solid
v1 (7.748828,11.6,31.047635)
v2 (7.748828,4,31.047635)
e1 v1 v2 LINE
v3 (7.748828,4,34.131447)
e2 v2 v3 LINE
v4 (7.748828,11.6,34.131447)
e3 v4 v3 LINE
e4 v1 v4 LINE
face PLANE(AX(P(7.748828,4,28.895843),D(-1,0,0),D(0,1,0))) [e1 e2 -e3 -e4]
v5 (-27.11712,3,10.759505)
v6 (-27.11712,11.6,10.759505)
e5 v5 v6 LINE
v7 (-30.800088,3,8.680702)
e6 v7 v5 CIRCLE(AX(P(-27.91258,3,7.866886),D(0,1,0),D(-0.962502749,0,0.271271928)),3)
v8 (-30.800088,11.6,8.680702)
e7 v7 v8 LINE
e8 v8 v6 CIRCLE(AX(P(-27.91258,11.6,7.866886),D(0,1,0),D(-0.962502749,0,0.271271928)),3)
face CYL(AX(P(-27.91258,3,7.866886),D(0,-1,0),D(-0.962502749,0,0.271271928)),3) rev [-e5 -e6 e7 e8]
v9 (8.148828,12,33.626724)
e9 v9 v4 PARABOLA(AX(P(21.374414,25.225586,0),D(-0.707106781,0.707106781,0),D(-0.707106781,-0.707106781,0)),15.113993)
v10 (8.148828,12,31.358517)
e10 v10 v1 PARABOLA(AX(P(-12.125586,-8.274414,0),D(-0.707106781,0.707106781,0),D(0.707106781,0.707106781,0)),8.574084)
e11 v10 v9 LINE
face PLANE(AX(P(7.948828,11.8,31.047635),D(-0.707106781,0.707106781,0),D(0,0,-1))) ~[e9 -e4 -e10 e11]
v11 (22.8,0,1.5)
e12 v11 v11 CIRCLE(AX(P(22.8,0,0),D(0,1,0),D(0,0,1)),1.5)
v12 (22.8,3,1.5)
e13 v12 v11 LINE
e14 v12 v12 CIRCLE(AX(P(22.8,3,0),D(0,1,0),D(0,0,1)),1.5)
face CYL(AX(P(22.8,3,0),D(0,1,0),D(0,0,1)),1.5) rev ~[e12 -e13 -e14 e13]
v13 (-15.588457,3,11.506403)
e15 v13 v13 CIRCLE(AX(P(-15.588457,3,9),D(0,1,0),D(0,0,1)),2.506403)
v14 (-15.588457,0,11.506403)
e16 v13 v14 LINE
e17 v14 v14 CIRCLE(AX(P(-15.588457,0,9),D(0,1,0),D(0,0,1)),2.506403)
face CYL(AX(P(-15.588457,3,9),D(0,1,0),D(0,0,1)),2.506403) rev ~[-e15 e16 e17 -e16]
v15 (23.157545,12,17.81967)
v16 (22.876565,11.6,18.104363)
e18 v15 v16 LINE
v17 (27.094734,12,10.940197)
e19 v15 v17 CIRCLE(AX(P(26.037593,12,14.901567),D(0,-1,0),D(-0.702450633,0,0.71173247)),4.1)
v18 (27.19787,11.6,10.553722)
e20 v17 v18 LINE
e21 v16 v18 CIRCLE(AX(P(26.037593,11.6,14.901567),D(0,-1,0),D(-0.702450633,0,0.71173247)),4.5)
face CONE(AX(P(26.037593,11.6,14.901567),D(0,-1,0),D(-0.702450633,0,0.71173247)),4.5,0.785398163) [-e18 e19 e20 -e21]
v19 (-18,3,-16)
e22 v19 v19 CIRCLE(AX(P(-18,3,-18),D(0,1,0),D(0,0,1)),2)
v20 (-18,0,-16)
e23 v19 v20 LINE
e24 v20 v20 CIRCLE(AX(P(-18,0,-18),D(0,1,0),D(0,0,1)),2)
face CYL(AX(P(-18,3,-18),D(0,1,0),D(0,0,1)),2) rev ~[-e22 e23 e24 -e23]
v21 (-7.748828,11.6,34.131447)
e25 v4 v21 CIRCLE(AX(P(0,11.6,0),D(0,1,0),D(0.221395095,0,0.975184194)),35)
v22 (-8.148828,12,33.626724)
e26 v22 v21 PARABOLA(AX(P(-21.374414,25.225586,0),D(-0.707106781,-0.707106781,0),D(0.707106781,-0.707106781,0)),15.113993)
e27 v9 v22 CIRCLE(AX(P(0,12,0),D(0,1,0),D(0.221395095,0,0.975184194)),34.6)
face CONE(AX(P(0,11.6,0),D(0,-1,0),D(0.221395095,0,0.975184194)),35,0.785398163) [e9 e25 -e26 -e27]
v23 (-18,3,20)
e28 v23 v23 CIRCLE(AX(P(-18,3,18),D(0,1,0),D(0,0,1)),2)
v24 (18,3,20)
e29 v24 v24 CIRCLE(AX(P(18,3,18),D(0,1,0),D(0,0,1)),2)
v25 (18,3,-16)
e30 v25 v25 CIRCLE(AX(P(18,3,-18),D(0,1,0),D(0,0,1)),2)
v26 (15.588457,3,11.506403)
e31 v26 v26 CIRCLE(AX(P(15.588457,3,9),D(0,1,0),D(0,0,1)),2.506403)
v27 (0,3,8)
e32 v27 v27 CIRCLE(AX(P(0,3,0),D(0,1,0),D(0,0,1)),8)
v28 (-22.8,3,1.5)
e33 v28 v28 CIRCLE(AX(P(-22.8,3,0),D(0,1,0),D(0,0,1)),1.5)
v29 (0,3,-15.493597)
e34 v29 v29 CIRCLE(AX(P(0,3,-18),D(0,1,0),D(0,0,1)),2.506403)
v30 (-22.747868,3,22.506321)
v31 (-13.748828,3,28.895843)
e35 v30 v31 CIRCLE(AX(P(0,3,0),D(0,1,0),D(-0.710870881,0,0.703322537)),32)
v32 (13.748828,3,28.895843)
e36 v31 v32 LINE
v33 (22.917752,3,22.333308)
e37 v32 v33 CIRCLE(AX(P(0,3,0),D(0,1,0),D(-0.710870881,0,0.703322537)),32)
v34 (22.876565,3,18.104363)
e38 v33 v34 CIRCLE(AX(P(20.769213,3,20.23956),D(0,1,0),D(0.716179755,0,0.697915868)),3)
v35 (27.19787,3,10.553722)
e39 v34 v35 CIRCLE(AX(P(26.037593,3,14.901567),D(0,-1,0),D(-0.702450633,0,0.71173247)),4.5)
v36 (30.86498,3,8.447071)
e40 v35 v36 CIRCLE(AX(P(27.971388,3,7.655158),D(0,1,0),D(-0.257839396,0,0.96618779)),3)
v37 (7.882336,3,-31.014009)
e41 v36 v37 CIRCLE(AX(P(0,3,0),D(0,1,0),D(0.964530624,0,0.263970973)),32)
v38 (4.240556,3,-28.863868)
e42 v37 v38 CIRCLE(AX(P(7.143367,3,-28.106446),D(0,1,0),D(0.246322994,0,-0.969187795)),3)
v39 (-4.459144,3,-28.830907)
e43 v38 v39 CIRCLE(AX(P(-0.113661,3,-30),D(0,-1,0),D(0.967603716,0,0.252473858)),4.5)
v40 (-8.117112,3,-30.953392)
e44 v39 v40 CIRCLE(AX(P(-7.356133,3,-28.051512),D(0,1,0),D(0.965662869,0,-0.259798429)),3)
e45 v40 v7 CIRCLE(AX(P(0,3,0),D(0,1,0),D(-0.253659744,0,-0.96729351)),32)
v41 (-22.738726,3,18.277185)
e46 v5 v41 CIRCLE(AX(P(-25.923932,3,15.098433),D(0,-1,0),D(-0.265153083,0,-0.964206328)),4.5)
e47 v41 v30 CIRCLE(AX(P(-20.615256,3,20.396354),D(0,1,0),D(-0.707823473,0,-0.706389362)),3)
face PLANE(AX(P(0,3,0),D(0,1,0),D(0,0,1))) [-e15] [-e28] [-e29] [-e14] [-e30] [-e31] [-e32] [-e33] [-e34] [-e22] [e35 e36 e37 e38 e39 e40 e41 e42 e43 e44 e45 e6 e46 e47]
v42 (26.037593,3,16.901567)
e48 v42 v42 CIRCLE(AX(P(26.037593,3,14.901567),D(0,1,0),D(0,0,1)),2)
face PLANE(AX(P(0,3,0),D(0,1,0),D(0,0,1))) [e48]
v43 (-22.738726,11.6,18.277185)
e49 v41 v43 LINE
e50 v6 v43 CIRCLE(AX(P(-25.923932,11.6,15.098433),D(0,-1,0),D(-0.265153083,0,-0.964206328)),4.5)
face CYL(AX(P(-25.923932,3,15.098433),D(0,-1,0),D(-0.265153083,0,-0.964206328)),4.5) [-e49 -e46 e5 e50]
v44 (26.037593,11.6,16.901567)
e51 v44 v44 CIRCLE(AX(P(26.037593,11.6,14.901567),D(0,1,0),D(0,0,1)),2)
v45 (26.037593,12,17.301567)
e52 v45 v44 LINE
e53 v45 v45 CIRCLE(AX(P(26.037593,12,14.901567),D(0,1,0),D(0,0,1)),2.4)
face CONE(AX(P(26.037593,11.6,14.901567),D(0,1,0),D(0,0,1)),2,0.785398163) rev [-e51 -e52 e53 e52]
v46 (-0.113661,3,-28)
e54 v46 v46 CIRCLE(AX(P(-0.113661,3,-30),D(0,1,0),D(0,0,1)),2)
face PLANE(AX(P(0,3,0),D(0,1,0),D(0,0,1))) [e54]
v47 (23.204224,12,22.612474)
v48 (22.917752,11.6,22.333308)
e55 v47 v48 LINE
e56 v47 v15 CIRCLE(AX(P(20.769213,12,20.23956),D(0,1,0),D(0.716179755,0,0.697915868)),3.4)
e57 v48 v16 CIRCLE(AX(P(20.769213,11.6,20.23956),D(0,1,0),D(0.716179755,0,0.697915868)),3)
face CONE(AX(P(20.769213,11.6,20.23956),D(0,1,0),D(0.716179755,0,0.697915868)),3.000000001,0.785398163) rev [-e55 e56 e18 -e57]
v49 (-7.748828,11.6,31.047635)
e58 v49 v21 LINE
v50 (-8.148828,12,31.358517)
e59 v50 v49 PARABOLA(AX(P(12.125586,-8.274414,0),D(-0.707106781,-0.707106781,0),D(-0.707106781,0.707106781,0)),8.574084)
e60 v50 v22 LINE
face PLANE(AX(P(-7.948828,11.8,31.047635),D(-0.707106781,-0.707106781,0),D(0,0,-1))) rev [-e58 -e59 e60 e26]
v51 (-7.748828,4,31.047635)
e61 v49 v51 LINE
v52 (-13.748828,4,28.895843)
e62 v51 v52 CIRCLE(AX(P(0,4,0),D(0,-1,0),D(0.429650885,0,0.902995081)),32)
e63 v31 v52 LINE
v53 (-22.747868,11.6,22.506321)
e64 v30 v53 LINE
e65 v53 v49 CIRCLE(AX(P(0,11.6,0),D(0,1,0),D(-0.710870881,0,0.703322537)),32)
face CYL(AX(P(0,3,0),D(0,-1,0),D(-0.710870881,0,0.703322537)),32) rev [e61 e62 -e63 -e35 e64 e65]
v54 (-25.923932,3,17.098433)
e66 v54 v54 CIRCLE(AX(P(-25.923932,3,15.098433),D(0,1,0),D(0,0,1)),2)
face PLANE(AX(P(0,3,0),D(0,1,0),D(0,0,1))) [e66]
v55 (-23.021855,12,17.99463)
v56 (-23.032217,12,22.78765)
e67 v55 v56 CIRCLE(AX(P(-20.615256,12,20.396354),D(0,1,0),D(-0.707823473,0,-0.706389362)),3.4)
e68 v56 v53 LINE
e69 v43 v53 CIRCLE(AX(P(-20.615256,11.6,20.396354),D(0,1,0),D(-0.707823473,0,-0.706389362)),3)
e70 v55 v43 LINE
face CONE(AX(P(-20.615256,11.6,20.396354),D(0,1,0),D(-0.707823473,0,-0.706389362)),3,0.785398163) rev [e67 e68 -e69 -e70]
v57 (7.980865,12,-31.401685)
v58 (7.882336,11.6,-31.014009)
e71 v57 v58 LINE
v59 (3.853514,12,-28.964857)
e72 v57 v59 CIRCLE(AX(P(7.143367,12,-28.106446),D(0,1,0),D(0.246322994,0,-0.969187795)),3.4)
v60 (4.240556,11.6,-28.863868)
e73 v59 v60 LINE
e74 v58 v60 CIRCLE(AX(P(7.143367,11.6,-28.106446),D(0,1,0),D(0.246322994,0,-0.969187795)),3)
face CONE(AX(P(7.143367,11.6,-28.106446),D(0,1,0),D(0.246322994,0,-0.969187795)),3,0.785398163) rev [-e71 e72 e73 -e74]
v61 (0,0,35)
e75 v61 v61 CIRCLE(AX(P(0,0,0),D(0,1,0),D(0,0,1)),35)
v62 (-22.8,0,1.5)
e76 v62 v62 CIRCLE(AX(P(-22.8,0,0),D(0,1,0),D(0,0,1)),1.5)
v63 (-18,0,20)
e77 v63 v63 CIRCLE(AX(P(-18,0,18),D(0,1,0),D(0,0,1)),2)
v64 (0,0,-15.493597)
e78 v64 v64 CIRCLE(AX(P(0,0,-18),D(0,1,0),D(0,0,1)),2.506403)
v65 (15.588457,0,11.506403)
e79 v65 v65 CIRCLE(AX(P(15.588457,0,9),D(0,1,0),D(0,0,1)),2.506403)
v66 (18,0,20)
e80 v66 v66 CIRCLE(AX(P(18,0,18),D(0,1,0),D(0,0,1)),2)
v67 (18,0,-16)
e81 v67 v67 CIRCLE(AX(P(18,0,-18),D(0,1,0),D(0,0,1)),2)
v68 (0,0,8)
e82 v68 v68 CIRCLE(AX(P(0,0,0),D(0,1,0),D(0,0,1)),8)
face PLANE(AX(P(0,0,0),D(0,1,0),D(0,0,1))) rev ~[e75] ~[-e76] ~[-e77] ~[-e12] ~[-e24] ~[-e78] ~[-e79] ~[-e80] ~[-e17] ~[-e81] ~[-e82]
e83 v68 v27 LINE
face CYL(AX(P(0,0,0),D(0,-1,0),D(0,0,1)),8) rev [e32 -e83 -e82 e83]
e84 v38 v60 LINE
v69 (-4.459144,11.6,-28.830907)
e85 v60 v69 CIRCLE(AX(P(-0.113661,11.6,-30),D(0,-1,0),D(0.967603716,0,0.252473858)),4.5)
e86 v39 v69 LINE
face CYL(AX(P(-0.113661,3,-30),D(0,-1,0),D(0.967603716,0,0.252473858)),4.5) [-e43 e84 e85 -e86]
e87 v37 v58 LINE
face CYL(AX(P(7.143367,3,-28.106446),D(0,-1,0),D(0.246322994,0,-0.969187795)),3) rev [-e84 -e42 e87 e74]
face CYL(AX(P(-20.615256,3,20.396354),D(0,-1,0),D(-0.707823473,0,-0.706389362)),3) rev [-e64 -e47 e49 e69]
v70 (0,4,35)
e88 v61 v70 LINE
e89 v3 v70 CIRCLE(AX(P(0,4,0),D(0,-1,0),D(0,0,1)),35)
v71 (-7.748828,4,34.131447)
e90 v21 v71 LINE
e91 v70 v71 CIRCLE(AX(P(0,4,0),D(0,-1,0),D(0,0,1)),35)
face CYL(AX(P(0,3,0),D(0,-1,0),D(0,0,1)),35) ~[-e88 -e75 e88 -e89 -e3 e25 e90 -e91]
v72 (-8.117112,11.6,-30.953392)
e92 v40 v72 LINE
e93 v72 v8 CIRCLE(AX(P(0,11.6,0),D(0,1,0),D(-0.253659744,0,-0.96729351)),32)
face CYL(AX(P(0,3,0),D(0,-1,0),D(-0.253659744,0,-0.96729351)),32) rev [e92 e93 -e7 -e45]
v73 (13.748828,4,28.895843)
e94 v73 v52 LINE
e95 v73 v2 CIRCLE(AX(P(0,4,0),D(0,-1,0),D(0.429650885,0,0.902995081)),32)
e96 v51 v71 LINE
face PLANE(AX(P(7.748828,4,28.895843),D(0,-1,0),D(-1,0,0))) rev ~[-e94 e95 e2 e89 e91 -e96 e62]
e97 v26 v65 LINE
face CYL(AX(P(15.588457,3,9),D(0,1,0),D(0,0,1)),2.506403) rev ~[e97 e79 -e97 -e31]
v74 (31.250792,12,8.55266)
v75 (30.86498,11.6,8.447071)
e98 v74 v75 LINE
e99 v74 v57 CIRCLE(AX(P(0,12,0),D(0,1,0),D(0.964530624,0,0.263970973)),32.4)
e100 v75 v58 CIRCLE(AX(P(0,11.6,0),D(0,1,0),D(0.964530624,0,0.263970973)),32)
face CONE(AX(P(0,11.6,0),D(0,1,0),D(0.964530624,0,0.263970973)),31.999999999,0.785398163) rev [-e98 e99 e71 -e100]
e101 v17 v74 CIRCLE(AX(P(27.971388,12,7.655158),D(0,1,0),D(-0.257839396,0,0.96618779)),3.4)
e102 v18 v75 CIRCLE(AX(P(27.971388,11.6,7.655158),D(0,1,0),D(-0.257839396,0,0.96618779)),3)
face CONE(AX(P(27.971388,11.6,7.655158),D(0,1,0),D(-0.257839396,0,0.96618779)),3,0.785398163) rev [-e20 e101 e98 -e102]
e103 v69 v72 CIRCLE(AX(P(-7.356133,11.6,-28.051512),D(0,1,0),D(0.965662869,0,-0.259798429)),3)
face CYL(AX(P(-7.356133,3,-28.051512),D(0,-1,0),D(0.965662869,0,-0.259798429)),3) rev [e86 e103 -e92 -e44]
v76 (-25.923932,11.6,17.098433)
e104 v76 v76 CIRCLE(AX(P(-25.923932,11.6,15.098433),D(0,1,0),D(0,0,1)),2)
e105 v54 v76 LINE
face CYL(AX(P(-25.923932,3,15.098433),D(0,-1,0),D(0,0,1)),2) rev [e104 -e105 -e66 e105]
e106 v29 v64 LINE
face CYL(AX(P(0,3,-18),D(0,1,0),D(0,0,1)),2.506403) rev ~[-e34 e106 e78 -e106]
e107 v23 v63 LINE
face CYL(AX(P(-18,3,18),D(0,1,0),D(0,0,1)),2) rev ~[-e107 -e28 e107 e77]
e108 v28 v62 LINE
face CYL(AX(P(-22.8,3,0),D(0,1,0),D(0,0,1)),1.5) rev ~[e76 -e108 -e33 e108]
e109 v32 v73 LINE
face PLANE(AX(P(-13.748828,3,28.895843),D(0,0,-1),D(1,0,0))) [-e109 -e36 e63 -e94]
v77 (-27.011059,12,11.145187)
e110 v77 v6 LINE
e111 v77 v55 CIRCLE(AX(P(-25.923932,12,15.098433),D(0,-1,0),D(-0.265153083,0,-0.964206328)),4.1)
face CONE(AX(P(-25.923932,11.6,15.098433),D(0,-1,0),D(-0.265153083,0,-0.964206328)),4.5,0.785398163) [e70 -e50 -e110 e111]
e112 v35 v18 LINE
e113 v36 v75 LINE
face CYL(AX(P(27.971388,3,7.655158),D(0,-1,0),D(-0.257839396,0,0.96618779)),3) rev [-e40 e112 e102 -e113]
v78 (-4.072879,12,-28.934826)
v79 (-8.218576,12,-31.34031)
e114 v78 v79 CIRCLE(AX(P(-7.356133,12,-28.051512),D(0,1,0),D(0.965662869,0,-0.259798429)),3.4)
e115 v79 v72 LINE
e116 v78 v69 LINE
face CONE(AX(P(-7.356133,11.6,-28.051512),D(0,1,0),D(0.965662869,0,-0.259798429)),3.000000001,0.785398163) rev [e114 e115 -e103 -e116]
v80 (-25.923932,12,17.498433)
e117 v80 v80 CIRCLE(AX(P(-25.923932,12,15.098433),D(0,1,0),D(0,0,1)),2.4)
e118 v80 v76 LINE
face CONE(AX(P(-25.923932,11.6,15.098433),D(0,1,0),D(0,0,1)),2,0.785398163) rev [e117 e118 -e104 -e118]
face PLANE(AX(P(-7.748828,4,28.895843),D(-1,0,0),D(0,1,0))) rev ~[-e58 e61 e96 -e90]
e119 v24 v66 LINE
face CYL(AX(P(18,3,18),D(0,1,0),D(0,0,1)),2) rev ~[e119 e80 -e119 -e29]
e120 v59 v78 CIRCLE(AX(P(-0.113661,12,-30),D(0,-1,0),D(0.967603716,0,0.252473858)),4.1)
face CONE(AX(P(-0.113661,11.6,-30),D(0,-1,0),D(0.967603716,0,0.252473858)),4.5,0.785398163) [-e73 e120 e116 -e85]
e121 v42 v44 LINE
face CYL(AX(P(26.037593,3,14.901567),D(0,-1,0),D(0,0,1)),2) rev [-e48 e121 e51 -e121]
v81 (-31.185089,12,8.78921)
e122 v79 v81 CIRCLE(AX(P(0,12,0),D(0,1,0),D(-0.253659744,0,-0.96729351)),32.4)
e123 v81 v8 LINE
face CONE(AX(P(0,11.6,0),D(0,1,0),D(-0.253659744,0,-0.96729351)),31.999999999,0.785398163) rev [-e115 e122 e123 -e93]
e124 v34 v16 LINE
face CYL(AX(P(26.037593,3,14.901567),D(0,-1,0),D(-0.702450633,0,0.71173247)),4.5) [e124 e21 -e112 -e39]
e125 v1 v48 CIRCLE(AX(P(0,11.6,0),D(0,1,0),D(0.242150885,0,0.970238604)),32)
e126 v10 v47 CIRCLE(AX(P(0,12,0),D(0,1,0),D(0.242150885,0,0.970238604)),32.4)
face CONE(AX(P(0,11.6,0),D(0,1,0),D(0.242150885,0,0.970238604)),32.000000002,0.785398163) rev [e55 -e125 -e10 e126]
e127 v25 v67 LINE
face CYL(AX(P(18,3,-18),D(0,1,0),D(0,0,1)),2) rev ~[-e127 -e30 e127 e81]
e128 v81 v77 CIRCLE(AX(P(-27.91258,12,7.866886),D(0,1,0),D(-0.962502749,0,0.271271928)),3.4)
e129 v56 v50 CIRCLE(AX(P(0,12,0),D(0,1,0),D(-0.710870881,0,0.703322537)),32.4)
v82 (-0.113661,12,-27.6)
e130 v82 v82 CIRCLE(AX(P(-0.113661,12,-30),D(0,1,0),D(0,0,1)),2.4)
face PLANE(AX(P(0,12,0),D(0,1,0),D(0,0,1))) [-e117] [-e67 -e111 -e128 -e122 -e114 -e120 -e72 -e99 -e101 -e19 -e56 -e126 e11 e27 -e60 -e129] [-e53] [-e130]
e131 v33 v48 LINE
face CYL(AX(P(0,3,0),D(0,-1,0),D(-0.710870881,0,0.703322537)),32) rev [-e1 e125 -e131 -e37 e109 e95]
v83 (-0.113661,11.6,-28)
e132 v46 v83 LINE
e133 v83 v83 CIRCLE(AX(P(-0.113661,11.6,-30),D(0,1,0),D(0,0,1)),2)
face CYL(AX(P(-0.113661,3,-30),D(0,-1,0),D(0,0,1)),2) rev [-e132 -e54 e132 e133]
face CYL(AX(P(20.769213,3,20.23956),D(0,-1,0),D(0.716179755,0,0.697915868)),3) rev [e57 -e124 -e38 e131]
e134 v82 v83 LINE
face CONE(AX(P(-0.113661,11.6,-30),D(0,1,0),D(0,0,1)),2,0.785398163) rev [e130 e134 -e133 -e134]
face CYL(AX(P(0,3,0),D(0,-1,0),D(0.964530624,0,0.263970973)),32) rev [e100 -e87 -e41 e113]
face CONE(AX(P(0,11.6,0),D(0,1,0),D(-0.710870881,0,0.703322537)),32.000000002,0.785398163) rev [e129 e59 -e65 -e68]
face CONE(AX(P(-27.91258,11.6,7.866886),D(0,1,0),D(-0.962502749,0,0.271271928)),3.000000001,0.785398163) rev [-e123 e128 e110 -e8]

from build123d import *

# Parameters (mm, degrees)
SKETCH_1_R          = 35
SKETCH_1_R_2        = 8
EXTRUDE_1_DEPTH     = 3
SKETCH_2_R          = 35
SKETCH_2_R_2        = 2
EXTRUDE_2_DEPTH     = 9
SKETCH_3_R          = 1.5
CUT_EXTRUDE_1_DEPTH = 8
SKETCH_4_R          = 2.50640253
CUT_EXTRUDE_2_DEPTH = 8
SKETCH_7_R          = 2
CUT_EXTRUDE_4_DEPTH = 12
EXTRUDE_4_DEPTH     = 1
SKETCH_9_W          = 15.497656666
SKETCH_9_H          = 9.48184561
CUT_EXTRUDE_5_DEPTH = 11
CHAMFER_1_SIZE      = 0.4


with BuildPart() as part:
    # Эскиз1 → Бобышка-Вытянуть1 (new body)
    with BuildSketch(Plane(origin=(0, 0, 0), x_dir=(1, 0, 0), z_dir=(0, 1, 0))):
        with Locations(Location((0, 0, 0), (0, 0, 270))):
            Circle(SKETCH_1_R)
        with Locations(Location((0, 0, 0), (0, 0, 270))):
            Circle(SKETCH_1_R_2, mode=Mode.SUBTRACT)
    extrude(amount=EXTRUDE_1_DEPTH)

    # Эскиз2 → Бобышка-Вытянуть2 (add)
    with BuildSketch(Plane(origin=(0, 3, 0), x_dir=(1, 0, 0), z_dir=(0, 1, 0))):
        with Locations(Location((0, 0, 0), (0, 0, 270))):
            Circle(SKETCH_2_R)
        with Locations(Location((-0.113661048, 30, 0), (0, 0, 270))):
            Circle(SKETCH_2_R_2, mode=Mode.SUBTRACT)
        with Locations(Location((26.037592637, -14.901566645, 0), (0, 0, 270))):
            Circle(SKETCH_2_R_2, mode=Mode.SUBTRACT)
        with Locations(Location((-25.92393159, -15.098433355, 0), (0, 0, 270))):
            Circle(SKETCH_2_R_2, mode=Mode.SUBTRACT)
        with BuildLine():
            ThreePointArc((-8.117111797, 30.953392319), (-27.773232815, 15.894890343), (-30.80008796, -8.680701679))
            ThreePointArc((-30.80008796, -8.680701679), (-29.387206086, -10.479447295), (-27.117120464, -10.75950488))
            ThreePointArc((-27.117120464, -10.75950488), (-22.03536976, -12.833684606), (-22.738725961, -18.277185484))
            ThreePointArc((-22.738725961, -18.277185484), (-23.615248532, -20.389868414), (-22.747868184, -22.506321181))
            ThreePointArc((-22.747868184, -22.506321181), (0.121237581, -31.999770334), (22.917752157, -22.333307773))
            ThreePointArc((22.917752157, -22.333307773), (23.769070618, -20.210343369), (22.87656479, -18.10436276))
            ThreePointArc((22.87656479, -18.10436276), (22.131981773, -12.666347691), (27.197869919, -10.55372159))
            ThreePointArc((27.197869919, -10.55372159), (29.465768293, -10.256470938), (30.86497998, -8.447071138))
            ThreePointArc((30.86497998, -8.447071138), (27.651995235, 16.104879992), (7.882335804, 31.014009452))
            ThreePointArc((7.882335804, 31.014009452), (5.618135468, 30.689790665), (4.240555674, 28.863867639))
            ThreePointArc((4.240555674, 28.863867639), (-0.096612013, 25.500032297), (-4.459143958, 28.830907074))
            ThreePointArc((-4.459143958, 28.830907074), (-5.850519761, 30.646339352), (-8.117111797, 30.953392319))
        make_face(mode=Mode.SUBTRACT)
    extrude(amount=EXTRUDE_2_DEPTH)

    # Эскиз3 → Вырез-Вытянуть1 (cut)
    with BuildSketch(Plane(origin=(0, 3, 0), x_dir=(1, 0, 0), z_dir=(0, 1, 0))):
        with Locations(Location((22.8, 0, 0), (0, 0, 270))):
            Circle(SKETCH_3_R)
        with Locations(Location((-22.8, 0, 0), (0, 0, 270))):
            Circle(SKETCH_3_R)
    extrude(amount=-CUT_EXTRUDE_1_DEPTH, mode=Mode.SUBTRACT)

    # Эскиз4 → Вырез-Вытянуть2 (cut)
    with BuildSketch(Plane(origin=(0, 3, 0), x_dir=(1, 0, 0), z_dir=(0, 1, 0))):
        with Locations(Location((0, 18, 0), (0, 0, 270))):
            Circle(SKETCH_4_R)
        with Locations(Location((15.588457268, -9, 0), (0, 0, 270))):
            Circle(SKETCH_4_R)
        with Locations(Location((-15.588457268, -9, 0), (0, 0, 270))):
            Circle(SKETCH_4_R)
    extrude(amount=-CUT_EXTRUDE_2_DEPTH, mode=Mode.SUBTRACT)

    # Эскиз7 → Вырез-Вытянуть4 (cut)
    with BuildSketch(Plane(origin=(0, 3, 0), x_dir=(1, 0, 0), z_dir=(0, 1, 0))):
        with Locations(Location((-18, -18, 0), (0, 0, 270))):
            Circle(SKETCH_7_R)
        with Locations(Location((18, -18, 0), (0, 0, 270))):
            Circle(SKETCH_7_R)
        with Locations(Location((-18, 18, 0), (0, 0, 270))):
            Circle(SKETCH_7_R)
        with Locations(Location((18, 18, 0), (0, 0, 270))):
            Circle(SKETCH_7_R)
    extrude(amount=-CUT_EXTRUDE_4_DEPTH, mode=Mode.SUBTRACT)

    # Эскиз8 → Бобышка-Вытянуть4 (add)
    with BuildSketch(Plane(origin=(0, 3, 0), x_dir=(1, 0, 0), z_dir=(0, 1, 0))):
        with BuildLine():
            Line((-13.748828333, -28.895842598), (13.748828333, -28.895842598))
            ThreePointArc((13.748828333, -28.895842598), (0, -32), (-13.748828333, -28.895842598))
        make_face()
    extrude(amount=EXTRUDE_4_DEPTH)

    # Эскиз9 → Вырез-Вытянуть5 (cut)
    with BuildSketch(Plane(origin=(0, 0, 28.895842598), x_dir=(-1, 0, 0), z_dir=(0, 0, -1))):
        with Locations((0, 8.740922805)):
            Rectangle(SKETCH_9_W, SKETCH_9_H)
    extrude(amount=-CUT_EXTRUDE_5_DEPTH, mode=Mode.SUBTRACT)

    # Фаска1
    chamfer_1_edges = [part.edges().sort_by_distance(p)[0] for p in [
        (15.940347108, 12, 27.747168037),
        (7.748828333, 12, 32.589541055),
        (-7.748828333, 12, 32.589541055),
        (0, 12, -35),
        (-29.387206086, 12, 10.479447295),
        (-22.03536976, 12, 12.833684606),
        (-23.615248532, 12, 20.389868414),
        (-15.835107718, 12, 27.807361679),
        (23.769070618, 12, 20.210343369),
        (22.131981773, 12, 12.666347691),
        (29.465768293, 12, 10.256470938),
        (27.651995235, 12, -16.104879992),
        (5.618135468, 12, -30.689790665),
        (-0.096612013, 12, -25.500032297),
        (-5.850519761, 12, -30.646339352),
        (-27.773232815, 12, -15.894890343),
        (-0.113661048, 12, -32),
        (26.037592637, 12, 12.901566645),
        (-25.92393159, 12, 13.098433355),
    ]]
    chamfer(chamfer_1_edges, length=CHAMFER_1_SIZE)


solid = part.part
